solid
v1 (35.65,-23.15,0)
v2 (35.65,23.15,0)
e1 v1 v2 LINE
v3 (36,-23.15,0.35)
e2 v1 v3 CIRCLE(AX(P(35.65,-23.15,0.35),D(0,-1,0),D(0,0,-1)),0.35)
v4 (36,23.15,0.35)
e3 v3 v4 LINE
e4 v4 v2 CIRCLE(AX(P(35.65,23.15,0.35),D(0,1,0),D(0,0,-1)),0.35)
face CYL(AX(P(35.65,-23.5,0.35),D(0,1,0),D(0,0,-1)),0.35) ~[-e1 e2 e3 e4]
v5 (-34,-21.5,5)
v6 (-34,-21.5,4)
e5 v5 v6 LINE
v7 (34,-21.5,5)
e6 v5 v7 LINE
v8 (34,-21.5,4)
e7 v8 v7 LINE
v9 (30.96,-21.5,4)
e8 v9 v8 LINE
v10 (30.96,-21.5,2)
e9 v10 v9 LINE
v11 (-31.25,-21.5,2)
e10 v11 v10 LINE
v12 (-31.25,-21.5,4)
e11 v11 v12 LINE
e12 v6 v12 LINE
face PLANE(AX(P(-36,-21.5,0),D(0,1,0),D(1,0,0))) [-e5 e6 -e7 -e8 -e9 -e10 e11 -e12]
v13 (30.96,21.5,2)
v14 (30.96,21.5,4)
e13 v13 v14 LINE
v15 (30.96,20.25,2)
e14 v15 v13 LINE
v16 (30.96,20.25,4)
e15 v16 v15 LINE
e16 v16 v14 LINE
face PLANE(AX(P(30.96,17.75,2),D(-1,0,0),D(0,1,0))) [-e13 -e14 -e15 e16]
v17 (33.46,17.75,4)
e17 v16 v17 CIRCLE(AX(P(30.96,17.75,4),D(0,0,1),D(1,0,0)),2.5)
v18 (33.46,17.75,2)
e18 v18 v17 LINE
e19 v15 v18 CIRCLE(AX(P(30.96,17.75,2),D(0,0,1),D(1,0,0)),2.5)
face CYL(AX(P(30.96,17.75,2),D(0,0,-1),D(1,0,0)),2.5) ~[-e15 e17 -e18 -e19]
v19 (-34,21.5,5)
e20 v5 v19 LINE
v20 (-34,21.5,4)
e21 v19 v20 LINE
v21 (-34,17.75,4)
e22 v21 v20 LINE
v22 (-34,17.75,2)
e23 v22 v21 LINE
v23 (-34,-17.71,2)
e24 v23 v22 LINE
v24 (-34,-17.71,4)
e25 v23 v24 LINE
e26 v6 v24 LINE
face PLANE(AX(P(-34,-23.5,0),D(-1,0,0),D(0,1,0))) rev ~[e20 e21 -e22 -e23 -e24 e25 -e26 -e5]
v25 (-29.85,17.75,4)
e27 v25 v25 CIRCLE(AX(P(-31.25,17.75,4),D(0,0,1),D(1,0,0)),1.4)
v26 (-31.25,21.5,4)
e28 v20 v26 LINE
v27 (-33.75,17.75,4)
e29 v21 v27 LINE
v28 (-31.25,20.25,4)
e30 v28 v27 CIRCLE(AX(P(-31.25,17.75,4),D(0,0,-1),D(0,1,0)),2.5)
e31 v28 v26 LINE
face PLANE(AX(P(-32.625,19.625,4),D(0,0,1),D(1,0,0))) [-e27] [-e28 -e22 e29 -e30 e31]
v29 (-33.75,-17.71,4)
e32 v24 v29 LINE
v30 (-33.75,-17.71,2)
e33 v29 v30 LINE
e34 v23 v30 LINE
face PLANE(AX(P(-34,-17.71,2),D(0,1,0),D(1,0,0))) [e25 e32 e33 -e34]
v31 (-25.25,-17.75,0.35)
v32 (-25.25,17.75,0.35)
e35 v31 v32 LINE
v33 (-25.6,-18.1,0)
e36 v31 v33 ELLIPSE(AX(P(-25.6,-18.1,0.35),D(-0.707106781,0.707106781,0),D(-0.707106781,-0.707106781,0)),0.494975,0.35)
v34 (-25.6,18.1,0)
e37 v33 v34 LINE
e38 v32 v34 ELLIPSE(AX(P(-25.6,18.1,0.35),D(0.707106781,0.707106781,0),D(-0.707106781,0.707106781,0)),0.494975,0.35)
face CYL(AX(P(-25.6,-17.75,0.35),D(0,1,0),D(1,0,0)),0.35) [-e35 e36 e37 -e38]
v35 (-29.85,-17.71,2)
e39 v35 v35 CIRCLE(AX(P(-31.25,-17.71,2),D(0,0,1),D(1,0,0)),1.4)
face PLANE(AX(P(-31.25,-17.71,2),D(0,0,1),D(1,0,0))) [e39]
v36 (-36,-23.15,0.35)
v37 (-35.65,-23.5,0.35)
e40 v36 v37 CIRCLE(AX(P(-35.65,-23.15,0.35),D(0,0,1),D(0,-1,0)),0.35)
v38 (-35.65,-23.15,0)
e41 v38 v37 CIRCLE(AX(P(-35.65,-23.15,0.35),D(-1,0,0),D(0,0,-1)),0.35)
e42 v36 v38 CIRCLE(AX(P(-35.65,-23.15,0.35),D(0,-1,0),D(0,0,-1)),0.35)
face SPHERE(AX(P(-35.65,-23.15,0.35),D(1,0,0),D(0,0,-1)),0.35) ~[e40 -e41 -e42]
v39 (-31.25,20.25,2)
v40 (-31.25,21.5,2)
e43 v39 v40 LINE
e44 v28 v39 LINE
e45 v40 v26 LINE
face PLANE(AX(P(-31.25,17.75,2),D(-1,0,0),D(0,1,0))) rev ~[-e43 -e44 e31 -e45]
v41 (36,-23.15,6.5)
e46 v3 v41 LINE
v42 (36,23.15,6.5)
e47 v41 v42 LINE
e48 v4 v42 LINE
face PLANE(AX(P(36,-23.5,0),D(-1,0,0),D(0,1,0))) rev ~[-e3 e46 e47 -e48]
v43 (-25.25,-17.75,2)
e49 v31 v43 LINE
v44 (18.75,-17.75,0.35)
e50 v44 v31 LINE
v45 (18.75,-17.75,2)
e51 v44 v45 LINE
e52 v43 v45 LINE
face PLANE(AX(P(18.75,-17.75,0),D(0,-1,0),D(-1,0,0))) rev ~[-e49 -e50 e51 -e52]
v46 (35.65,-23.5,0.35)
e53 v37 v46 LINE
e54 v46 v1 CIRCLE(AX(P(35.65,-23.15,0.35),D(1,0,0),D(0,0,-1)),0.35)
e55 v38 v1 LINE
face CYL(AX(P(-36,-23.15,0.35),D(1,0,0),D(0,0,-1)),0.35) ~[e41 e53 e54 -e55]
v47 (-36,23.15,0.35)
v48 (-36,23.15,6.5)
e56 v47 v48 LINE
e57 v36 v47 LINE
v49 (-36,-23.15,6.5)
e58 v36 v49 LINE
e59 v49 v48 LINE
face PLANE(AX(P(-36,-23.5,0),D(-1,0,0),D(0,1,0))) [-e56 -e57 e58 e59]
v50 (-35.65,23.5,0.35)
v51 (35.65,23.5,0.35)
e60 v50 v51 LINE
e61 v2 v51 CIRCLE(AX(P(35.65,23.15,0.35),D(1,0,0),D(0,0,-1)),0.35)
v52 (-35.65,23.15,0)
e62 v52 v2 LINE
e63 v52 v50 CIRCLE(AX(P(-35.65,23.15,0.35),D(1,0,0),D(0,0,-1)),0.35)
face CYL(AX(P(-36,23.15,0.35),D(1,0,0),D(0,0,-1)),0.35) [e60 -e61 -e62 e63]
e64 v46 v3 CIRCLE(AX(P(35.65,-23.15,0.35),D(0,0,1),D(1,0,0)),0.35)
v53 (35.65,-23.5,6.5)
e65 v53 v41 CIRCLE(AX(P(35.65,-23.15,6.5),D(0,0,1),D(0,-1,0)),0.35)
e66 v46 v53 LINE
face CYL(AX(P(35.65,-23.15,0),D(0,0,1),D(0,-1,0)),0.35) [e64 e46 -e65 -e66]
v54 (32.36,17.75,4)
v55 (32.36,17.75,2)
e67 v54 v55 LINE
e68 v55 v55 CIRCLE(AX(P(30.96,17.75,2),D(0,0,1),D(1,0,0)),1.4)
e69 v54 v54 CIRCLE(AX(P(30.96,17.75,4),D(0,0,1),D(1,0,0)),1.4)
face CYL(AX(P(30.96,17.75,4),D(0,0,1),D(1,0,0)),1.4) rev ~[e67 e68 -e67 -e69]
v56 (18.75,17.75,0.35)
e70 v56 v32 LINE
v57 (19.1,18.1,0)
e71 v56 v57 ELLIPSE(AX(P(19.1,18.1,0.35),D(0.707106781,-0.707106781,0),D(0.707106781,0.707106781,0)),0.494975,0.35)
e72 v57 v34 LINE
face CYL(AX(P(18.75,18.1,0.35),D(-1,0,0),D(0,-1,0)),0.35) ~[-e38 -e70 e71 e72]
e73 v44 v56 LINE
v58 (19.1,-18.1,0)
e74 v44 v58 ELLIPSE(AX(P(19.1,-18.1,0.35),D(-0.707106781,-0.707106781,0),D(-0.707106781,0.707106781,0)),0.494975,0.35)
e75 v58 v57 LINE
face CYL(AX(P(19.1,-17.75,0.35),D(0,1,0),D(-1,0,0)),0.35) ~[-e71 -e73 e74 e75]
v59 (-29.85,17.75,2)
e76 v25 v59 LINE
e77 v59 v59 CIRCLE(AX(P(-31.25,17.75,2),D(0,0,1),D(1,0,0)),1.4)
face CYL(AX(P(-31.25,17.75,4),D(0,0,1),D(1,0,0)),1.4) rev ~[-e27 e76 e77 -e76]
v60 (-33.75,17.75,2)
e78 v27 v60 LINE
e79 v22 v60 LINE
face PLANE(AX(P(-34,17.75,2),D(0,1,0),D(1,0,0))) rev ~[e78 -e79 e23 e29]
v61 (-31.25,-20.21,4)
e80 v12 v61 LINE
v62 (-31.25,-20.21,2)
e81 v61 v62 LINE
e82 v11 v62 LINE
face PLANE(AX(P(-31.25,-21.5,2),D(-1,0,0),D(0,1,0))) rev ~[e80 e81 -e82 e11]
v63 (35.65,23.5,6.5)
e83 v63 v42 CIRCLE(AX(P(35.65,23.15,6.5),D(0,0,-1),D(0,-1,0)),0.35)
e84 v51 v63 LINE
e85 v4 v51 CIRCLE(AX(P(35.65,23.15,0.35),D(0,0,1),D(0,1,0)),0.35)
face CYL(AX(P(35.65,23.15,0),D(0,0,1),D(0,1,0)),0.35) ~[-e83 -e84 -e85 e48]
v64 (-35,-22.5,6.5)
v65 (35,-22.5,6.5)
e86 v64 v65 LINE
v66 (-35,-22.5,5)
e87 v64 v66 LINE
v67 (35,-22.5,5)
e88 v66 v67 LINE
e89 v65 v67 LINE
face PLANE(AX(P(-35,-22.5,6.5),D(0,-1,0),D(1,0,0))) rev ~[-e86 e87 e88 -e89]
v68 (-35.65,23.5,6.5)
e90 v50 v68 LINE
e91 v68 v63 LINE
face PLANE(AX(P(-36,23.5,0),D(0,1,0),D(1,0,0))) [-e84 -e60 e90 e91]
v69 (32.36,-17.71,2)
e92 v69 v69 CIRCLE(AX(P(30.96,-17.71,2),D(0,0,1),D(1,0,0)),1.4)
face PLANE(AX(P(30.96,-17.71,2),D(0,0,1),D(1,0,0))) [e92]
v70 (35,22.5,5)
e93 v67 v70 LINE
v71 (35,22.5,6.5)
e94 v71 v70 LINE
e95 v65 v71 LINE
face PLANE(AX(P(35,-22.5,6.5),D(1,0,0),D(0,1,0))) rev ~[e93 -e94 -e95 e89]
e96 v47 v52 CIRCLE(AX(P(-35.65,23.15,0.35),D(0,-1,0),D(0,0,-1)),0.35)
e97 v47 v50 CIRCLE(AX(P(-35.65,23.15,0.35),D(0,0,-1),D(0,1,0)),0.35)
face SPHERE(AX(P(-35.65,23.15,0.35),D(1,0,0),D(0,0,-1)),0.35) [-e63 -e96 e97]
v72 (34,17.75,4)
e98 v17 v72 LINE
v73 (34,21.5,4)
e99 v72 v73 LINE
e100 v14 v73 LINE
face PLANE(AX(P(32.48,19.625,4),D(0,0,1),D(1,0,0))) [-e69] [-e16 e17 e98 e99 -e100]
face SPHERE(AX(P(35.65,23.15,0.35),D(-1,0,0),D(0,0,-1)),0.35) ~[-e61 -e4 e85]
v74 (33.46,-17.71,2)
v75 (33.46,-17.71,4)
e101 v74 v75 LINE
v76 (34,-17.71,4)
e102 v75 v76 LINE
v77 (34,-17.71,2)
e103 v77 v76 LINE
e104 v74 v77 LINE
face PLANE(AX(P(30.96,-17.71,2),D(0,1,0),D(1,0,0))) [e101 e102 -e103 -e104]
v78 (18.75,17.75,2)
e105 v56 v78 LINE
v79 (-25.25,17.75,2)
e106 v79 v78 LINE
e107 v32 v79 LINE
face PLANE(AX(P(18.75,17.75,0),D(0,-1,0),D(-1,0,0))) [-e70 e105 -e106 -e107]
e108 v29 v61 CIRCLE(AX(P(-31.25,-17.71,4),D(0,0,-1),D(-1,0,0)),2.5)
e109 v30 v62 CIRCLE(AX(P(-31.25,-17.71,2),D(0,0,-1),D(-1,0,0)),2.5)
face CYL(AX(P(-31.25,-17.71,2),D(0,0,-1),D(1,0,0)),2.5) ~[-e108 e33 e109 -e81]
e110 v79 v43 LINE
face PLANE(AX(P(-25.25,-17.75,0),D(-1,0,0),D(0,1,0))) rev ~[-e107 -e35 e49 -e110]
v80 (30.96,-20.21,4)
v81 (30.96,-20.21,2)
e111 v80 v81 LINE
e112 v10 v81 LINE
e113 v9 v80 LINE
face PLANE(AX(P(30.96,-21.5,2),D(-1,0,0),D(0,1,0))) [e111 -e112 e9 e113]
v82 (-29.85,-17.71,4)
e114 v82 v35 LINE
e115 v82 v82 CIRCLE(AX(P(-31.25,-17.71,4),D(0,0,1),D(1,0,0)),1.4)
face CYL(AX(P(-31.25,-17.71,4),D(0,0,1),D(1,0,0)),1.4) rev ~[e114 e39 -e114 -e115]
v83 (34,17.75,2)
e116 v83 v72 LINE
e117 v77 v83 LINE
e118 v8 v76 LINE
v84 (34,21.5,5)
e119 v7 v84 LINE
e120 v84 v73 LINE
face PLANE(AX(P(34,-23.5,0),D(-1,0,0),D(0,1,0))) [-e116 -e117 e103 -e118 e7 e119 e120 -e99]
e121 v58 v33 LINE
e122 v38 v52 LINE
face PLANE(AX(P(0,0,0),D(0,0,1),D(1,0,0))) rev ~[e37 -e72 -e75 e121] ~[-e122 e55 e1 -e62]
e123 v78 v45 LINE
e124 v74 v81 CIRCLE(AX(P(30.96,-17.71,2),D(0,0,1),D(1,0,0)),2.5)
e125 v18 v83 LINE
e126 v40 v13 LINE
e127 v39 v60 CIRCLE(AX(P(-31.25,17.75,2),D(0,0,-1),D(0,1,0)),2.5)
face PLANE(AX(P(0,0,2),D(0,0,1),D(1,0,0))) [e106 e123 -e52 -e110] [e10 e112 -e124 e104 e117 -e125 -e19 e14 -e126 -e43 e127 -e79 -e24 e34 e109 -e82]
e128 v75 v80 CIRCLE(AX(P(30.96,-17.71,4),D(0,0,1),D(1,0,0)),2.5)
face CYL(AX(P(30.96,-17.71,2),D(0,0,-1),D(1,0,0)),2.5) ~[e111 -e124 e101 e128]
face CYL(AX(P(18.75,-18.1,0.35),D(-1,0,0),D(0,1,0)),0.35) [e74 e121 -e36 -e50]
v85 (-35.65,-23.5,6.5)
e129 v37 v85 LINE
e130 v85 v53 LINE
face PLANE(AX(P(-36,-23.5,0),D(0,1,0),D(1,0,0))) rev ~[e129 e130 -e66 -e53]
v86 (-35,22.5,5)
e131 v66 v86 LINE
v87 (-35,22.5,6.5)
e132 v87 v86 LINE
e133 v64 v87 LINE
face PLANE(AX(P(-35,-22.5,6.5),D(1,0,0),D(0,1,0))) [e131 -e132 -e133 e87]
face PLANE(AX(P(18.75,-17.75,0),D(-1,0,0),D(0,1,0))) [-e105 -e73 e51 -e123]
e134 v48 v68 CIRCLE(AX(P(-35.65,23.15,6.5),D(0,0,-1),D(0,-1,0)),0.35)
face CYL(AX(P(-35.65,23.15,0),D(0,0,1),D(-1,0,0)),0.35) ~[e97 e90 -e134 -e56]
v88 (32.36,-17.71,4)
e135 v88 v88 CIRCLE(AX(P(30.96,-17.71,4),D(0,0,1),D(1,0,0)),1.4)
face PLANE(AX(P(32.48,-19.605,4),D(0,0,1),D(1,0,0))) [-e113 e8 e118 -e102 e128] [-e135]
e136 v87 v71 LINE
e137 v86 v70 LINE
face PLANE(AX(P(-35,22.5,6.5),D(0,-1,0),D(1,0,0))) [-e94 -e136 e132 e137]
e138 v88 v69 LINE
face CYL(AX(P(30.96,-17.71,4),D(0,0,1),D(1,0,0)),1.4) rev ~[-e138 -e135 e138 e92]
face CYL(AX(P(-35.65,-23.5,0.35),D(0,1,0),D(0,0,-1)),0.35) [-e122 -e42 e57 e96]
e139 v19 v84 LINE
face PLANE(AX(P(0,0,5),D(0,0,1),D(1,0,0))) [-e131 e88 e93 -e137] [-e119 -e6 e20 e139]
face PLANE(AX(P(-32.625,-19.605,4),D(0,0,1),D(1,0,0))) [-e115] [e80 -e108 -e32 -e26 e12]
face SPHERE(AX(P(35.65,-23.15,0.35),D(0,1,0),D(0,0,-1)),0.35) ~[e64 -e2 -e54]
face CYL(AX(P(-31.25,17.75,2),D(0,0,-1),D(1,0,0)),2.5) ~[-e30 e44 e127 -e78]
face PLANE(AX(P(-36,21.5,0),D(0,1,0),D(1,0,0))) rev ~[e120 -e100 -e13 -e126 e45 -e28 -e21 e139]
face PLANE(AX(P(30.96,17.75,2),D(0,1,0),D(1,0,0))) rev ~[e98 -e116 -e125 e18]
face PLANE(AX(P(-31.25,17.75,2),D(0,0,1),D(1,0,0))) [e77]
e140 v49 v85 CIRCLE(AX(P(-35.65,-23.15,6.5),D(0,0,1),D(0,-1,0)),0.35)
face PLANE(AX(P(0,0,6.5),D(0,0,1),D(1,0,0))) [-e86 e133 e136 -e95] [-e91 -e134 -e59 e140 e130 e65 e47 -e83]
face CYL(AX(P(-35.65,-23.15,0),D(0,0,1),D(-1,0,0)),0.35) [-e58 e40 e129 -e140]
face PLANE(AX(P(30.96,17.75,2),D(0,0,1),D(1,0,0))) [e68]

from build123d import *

# Parameters (mm, degrees)
SKETCH1_W           = 72
SKETCH1_H           = 47
BOSS_EXTRUDE1_DEPTH = 6.5
SHELL1_T            = -2
SKETCH2_W           = 44
SKETCH2_H           = 35.5
CUT_EXTRUDE1_DEPTH  = 7.5
SKETCH3_R           = 2.5
BOSS_EXTRUDE2_DEPTH = 2
SKETCH5_W           = 2.75
SKETCH5_H           = 3.79
SKETCH5_H_2         = 3.75
SKETCH5_W_2         = 3.04
BOSS_EXTRUDE3_DEPTH = 2
SKETCH6_R           = 1.4
CUT_EXTRUDE2_DEPTH  = 2
SKETCH7_W           = 70
SKETCH7_H           = 45
CUT_EXTRUDE3_DEPTH  = 1.5
FILLET1_R           = 0.35


with BuildPart() as part:
    # Sketch1 → Boss-Extrude1 (new body)
    with BuildSketch(Plane.XY):
        Rectangle(SKETCH1_W, SKETCH1_H)
    extrude(amount=BOSS_EXTRUDE1_DEPTH)

    # Shell1
    shell1_openings = [part.faces().sort_by_distance(p)[0] for p in [
        (0, 0, 6.5),
    ]]
    offset(amount=SHELL1_T, openings=shell1_openings, kind=Kind.INTERSECTION)

    # Sketch2 → Cut-Extrude1 (cut, through all)
    with BuildSketch(Plane(origin=(0, 0, 0), x_dir=(-1, 0, 0), z_dir=(0, 0, -1))):
        with Locations((3.25, 0)):
            Rectangle(SKETCH2_W, SKETCH2_H)
    extrude(amount=-CUT_EXTRUDE1_DEPTH, mode=Mode.SUBTRACT)

    # Sketch3 → Boss-Extrude2 (add)
    with BuildSketch(Plane.XY.offset(2)):
        with Locations((-31.25, 17.75)):
            Circle(SKETCH3_R)
        with Locations((30.96, 17.75)):
            Circle(SKETCH3_R)
        with Locations((-31.25, -17.71)):
            Circle(SKETCH3_R)
        with Locations((30.96, -17.71)):
            Circle(SKETCH3_R)
    extrude(amount=BOSS_EXTRUDE2_DEPTH)

    # Sketch5 → Boss-Extrude3 (add)
    with BuildSketch(Plane.XY.offset(2)):
        with Locations((-32.625, -19.605)):
            Rectangle(SKETCH5_W, SKETCH5_H)
        with Locations((-32.625, 19.625)):
            Rectangle(SKETCH5_W, SKETCH5_H_2)
        with Locations((32.48, 19.625)):
            Rectangle(SKETCH5_W_2, SKETCH5_H_2)
        with Locations((32.48, -19.605)):
            Rectangle(SKETCH5_W_2, SKETCH5_H)
    extrude(amount=BOSS_EXTRUDE3_DEPTH)

    # Sketch6 → Cut-Extrude2 (cut)
    with BuildSketch(Plane.XY.offset(4)):
        with Locations((-31.25, -17.71)):
            Circle(SKETCH6_R)
        with Locations((-31.25, 17.75)):
            Circle(SKETCH6_R)
        with Locations((30.96, 17.75)):
            Circle(SKETCH6_R)
        with Locations((30.96, -17.71)):
            Circle(SKETCH6_R)
    extrude(amount=-CUT_EXTRUDE2_DEPTH, mode=Mode.SUBTRACT)

    # Sketch7 → Cut-Extrude3 (cut)
    with BuildSketch(Plane.XY.offset(6.5)):
        Rectangle(SKETCH7_W, SKETCH7_H)
    extrude(amount=-CUT_EXTRUDE3_DEPTH, mode=Mode.SUBTRACT)

    # Fillet1
    fillet1_edges = [part.edges().sort_by_distance(p)[0] for p in [
        (18.75, 0, 0),
        (-3.25, -17.75, 0),
        (-25.25, 0, 0),
        (-3.25, 17.75, 0),
        (0, 23.5, 0),
        (36, 0, 0),
        (0, -23.5, 0),
        (-36, 0, 0),
        (-36, 23.5, 3.25),
        (36, 23.5, 3.25),
        (36, -23.5, 3.25),
        (-36, -23.5, 3.25),
    ]]
    fillet(fillet1_edges, radius=FILLET1_R)


solid = part.part
